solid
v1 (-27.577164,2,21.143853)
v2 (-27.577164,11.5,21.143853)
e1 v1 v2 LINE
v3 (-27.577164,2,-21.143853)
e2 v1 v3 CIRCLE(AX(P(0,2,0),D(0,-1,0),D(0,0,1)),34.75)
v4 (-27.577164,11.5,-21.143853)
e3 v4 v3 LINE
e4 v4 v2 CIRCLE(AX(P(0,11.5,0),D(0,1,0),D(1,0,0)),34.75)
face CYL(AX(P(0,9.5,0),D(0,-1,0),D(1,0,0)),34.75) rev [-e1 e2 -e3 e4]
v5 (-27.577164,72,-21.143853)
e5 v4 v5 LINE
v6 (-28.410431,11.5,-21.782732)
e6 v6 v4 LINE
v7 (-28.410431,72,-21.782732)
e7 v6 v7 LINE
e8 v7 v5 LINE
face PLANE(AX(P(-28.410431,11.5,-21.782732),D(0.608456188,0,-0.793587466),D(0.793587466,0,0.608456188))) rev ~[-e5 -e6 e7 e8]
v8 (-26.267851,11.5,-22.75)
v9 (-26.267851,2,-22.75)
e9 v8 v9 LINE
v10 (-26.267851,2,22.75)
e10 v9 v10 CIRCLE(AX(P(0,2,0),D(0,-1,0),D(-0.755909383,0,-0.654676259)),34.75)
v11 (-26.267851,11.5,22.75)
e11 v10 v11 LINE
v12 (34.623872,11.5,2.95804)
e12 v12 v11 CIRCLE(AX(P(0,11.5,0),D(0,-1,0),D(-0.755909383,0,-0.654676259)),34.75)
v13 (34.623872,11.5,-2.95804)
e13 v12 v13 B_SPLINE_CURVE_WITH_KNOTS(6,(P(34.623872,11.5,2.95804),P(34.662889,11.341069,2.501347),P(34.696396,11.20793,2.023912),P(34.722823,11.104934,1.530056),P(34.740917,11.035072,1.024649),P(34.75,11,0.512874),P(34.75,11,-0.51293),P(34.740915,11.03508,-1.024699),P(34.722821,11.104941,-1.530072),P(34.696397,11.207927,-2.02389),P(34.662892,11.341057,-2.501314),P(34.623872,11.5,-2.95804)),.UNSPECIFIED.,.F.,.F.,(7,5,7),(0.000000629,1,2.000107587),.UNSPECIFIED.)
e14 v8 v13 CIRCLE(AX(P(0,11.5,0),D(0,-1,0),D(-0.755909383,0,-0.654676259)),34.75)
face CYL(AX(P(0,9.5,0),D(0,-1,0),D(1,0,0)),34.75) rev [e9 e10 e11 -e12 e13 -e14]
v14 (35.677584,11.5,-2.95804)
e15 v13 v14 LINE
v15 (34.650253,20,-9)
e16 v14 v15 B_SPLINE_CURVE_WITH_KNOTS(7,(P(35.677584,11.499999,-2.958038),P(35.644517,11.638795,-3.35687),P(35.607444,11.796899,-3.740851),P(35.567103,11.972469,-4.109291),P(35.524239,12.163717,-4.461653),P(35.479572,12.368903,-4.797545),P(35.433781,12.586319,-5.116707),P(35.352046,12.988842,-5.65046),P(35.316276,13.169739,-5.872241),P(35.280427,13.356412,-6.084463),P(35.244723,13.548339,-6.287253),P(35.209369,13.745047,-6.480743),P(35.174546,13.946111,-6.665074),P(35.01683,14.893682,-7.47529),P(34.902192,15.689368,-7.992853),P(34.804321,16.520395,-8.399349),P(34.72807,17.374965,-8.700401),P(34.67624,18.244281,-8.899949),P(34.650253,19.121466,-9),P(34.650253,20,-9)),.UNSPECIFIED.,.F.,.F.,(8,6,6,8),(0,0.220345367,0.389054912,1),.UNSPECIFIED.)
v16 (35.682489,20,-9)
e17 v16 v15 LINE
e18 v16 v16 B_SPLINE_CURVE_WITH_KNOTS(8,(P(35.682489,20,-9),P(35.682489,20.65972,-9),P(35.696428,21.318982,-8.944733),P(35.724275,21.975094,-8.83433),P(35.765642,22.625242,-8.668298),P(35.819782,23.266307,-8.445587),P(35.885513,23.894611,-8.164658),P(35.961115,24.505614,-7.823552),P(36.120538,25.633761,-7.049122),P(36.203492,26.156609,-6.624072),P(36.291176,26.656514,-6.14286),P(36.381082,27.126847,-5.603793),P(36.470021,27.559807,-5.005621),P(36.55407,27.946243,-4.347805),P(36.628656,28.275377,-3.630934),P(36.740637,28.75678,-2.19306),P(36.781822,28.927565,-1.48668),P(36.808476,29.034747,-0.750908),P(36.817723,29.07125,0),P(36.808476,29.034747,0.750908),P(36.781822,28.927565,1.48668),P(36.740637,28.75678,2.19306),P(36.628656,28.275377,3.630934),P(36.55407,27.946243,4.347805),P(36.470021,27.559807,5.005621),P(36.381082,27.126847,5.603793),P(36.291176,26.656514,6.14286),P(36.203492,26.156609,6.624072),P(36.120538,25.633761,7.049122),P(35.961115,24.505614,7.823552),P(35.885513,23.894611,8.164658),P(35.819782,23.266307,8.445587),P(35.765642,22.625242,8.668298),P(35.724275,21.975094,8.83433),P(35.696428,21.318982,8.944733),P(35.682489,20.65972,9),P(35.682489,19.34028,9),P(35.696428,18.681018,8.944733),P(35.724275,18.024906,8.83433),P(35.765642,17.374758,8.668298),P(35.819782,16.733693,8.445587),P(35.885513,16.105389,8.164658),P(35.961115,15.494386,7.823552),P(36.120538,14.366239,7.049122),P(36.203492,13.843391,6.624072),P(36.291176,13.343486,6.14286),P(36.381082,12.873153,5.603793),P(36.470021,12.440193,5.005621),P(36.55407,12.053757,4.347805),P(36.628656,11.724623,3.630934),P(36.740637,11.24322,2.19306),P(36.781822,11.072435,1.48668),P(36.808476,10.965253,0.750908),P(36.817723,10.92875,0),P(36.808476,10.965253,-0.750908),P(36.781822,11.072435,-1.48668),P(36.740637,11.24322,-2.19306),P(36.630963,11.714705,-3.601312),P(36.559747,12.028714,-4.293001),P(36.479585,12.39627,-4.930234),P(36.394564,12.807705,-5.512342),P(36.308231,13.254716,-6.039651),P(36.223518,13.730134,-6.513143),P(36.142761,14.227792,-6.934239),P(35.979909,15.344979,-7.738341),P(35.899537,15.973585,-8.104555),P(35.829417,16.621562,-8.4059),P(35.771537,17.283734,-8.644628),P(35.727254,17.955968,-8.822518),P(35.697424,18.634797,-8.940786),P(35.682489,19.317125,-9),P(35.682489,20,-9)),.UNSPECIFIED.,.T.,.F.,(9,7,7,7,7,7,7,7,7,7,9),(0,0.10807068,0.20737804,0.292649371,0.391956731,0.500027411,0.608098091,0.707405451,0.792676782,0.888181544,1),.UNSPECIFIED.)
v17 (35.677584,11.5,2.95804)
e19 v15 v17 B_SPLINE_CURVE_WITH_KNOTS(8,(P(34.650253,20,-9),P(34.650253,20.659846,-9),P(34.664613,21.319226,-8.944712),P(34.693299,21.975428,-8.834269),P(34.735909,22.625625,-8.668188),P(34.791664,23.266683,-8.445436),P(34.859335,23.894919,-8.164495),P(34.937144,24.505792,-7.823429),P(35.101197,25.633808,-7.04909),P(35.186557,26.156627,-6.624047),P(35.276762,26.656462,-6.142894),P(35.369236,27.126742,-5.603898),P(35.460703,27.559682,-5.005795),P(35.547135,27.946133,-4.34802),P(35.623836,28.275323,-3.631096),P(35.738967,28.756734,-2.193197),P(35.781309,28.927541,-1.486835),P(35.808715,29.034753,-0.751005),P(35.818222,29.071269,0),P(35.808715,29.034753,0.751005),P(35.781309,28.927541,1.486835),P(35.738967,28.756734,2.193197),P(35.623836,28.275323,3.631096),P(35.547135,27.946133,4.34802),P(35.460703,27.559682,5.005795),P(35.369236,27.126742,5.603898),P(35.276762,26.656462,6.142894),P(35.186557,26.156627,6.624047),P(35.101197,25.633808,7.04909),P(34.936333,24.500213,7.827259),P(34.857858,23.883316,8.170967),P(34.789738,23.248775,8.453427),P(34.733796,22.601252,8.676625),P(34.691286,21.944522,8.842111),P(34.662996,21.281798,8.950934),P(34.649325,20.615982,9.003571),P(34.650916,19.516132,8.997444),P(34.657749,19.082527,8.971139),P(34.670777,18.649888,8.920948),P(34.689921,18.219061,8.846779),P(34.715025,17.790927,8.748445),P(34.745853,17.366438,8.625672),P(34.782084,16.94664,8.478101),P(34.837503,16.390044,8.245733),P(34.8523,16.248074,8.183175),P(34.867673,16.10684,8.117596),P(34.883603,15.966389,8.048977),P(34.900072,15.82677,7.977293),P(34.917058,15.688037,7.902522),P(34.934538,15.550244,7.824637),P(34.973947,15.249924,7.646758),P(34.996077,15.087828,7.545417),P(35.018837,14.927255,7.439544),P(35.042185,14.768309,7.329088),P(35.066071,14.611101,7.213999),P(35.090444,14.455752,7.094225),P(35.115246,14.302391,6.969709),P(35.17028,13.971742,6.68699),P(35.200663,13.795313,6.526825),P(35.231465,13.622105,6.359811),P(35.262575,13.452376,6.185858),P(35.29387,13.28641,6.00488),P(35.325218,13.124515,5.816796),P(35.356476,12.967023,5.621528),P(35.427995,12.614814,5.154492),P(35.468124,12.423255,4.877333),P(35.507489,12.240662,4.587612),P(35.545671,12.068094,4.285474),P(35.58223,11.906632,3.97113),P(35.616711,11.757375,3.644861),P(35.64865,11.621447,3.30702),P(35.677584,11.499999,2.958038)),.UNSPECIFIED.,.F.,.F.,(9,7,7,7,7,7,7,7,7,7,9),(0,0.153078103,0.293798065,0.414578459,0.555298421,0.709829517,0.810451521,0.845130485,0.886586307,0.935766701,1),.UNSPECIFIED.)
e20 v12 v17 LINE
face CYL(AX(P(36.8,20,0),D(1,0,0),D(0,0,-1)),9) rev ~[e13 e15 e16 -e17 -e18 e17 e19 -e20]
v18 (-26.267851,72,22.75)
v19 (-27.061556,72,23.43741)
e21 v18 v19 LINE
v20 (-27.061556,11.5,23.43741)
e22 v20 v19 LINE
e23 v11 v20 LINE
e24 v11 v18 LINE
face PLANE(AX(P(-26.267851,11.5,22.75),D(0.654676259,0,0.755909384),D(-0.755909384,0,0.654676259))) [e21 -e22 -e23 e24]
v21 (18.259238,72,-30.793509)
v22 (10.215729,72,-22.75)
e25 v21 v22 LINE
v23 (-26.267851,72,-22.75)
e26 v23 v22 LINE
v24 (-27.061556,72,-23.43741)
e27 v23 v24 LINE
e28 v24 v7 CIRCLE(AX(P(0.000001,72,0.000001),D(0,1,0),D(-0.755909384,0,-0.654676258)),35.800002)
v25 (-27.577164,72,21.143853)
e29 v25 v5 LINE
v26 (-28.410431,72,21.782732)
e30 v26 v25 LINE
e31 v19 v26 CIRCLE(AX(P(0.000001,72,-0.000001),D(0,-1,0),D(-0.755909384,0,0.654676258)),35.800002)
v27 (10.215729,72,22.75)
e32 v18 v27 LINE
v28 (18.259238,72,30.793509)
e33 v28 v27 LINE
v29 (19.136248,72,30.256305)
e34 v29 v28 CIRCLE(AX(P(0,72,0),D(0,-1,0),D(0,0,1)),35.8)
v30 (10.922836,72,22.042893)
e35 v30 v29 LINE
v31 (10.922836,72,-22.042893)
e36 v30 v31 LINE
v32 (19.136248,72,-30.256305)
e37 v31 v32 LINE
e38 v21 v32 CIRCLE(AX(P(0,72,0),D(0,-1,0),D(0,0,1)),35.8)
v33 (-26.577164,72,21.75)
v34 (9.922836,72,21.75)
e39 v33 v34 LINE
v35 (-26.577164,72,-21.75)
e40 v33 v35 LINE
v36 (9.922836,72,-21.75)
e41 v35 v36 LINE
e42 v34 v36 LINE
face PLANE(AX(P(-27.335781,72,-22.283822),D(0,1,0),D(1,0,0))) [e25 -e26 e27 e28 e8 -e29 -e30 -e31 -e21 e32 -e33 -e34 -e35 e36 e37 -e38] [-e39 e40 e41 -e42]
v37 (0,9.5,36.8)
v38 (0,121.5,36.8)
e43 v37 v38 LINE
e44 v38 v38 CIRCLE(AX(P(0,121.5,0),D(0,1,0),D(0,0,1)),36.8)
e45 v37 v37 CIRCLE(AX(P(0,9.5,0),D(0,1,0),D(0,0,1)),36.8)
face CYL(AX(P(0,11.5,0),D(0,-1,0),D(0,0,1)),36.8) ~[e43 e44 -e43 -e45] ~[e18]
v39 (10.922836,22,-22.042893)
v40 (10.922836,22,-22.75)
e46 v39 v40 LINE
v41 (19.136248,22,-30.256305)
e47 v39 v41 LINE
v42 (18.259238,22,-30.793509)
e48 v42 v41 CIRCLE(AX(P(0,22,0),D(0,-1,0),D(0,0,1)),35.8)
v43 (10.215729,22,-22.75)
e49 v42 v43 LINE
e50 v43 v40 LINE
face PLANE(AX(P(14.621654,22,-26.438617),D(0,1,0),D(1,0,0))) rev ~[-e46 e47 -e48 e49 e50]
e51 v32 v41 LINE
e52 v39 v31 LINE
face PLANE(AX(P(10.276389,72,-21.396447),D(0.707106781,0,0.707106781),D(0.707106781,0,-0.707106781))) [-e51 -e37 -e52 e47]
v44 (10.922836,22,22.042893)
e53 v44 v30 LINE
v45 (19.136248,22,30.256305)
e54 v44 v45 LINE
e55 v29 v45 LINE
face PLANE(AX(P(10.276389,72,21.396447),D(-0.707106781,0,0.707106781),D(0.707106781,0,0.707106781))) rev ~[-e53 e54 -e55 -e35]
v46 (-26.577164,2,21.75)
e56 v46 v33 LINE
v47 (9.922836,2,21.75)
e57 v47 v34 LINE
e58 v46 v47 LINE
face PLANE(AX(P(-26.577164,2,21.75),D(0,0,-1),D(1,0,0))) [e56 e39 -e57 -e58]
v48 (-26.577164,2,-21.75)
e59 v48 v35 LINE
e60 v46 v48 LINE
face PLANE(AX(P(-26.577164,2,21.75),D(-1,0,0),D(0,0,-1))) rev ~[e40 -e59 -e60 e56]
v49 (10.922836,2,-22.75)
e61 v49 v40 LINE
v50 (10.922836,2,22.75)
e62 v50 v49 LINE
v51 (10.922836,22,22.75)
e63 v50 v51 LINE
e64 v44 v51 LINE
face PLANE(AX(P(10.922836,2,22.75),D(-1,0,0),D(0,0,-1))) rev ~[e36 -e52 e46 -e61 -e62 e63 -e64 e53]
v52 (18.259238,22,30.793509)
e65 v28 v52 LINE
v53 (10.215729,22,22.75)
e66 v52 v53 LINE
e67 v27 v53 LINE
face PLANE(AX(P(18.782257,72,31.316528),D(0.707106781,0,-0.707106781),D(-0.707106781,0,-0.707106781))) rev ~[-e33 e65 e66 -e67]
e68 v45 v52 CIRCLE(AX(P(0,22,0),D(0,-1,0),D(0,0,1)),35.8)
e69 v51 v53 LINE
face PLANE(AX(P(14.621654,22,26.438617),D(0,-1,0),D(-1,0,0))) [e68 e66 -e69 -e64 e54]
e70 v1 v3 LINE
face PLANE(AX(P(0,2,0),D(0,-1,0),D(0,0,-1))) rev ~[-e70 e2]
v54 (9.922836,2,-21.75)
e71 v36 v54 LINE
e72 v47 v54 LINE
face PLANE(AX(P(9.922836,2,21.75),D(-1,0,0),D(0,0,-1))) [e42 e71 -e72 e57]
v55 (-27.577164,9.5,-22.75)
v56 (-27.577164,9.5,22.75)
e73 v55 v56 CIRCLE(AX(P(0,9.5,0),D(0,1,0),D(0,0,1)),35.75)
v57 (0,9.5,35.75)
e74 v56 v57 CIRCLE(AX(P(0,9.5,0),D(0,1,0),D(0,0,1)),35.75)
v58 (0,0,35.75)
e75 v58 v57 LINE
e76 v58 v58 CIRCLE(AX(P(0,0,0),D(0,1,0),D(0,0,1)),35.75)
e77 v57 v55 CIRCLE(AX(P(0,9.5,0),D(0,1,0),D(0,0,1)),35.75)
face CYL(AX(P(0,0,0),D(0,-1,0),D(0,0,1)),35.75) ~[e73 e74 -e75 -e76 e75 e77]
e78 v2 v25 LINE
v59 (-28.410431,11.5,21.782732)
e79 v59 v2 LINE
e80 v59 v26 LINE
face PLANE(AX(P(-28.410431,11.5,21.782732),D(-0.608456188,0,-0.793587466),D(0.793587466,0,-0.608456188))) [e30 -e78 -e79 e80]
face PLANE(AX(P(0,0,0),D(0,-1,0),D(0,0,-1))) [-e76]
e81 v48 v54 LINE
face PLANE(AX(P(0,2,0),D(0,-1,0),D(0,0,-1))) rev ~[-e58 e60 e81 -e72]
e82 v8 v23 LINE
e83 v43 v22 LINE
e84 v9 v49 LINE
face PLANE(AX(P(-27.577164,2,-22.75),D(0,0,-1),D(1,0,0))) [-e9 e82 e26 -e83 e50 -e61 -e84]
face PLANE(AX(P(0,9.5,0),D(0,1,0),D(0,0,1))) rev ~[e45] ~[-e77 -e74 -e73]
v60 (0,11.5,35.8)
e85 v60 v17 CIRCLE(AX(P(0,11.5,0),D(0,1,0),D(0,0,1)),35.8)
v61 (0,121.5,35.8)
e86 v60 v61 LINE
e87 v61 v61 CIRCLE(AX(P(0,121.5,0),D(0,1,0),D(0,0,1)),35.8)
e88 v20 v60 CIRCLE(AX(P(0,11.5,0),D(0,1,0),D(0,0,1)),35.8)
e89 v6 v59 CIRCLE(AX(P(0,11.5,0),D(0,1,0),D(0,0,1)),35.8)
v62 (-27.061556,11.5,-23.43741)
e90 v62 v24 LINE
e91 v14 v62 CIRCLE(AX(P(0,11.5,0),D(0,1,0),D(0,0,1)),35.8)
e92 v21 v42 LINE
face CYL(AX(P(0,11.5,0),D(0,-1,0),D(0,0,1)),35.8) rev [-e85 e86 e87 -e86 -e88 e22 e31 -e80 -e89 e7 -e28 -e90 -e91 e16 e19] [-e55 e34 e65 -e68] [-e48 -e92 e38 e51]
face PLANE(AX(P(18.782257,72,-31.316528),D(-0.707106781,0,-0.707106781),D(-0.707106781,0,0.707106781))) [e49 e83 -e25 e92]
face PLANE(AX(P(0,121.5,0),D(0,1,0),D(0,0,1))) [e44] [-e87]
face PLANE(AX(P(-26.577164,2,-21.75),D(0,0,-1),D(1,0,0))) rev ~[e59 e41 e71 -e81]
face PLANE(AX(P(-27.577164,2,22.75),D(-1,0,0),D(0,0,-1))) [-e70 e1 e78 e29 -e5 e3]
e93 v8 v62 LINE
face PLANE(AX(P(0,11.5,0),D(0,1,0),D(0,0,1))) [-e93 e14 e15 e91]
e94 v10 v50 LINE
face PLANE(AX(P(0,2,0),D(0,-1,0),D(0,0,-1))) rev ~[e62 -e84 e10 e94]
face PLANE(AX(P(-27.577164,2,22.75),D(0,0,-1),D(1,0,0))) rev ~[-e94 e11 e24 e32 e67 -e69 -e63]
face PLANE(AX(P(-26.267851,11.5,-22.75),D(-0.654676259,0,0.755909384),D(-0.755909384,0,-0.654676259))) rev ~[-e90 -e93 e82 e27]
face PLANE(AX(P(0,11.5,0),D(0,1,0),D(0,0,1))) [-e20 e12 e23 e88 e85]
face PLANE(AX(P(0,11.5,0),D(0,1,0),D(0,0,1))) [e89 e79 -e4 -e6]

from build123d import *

# Parameters (mm, degrees)
SKETCH1_R           = 35.75
SKETCH1_R_2         = 34.75
BOSS_EXTRUDE1_DEPTH = 9.5
SKETCH3_R           = 34.75
BOSS_EXTRUDE2_DEPTH = 2
SKETCH4_W           = 38.5
SKETCH4_H           = 45.5
SKETCH4_W_2         = 36.5
SKETCH4_H_2         = 43.5
BOSS_EXTRUDE3_DEPTH = 70
SKETCH2_R           = 36.8
SKETCH2_R_2         = 34.75
BOSS_EXTRUDE4_DEPTH = 2
SKETCH5_R           = 36.8
SKETCH5_R_2         = 35.8
BOSS_EXTRUDE5_DEPTH = 110
BOSS_EXTRUDE6_START = -60.5
BOSS_EXTRUDE6_DEPTH = 60.5
SKETCH7_R           = 9
CUT_EXTRUDE1_DEPTH  = 5
BOSS_EXTRUDE7_DEPTH = 50


with BuildPart() as part:
    # Sketch1 → Boss-Extrude1 (new body)
    with BuildSketch(Plane(origin=(0, 0, 0), x_dir=(1, 0, 0), z_dir=(0, 1, 0))):
        with Locations(Location((0, 0, 0), (0, 0, 270))):
            Circle(SKETCH1_R)
        with Locations(Location((0, 0, 0), (0, 0, 270))):
            Circle(SKETCH1_R_2, mode=Mode.SUBTRACT)
    extrude(amount=BOSS_EXTRUDE1_DEPTH)

    # Sketch3 → Boss-Extrude2 (add)
    with BuildSketch(Plane.XZ):
        with Locations(Location((0, 0, 0), (0, 0, 270))):
            Circle(SKETCH3_R)
    extrude(amount=-BOSS_EXTRUDE2_DEPTH)

    # Sketch4 → Boss-Extrude3 (add)
    with BuildSketch(Plane(origin=(0, 2, 0), x_dir=(1, 0, 0), z_dir=(0, 1, 0))):
        with Locations((-8.327164466, 0)):
            Rectangle(SKETCH4_W, SKETCH4_H)
        with Locations((-8.327164466, 0)):
            Rectangle(SKETCH4_W_2, SKETCH4_H_2, mode=Mode.SUBTRACT)
    extrude(amount=BOSS_EXTRUDE3_DEPTH)

    # Sketch2 → Boss-Extrude4 (add)
    with BuildSketch(Plane(origin=(0, 9.5, 0), x_dir=(1, 0, 0), z_dir=(0, 1, 0))):
        with Locations(Location((0, 0, 0), (0, 0, 270))):
            Circle(SKETCH2_R)
        Circle(SKETCH2_R_2, mode=Mode.SUBTRACT)
    extrude(amount=BOSS_EXTRUDE4_DEPTH)

    # Sketch5 → Boss-Extrude5 (add)
    with BuildSketch(Plane(origin=(0, 11.5, 0), x_dir=(1, 0, 0), z_dir=(0, 1, 0))):
        with Locations(Location((0, 0, 0), (0, 0, 270))):
            Circle(SKETCH5_R)
        with Locations(Location((0, 0, 0), (0, 0, 270))):
            Circle(SKETCH5_R_2, mode=Mode.SUBTRACT)
    extrude(amount=BOSS_EXTRUDE5_DEPTH)

    # Sketch6 → Boss-Extrude6 (add)
    with BuildSketch(Plane(origin=(0, 72, 0), x_dir=(1, 0, 0), z_dir=(0, 1, 0)).offset(BOSS_EXTRUDE6_START)):
        with BuildLine():
            Line((-26.267851073, 22.75), (-27.061555926, 23.437410072))
            ThreePointArc((-27.061555926, 23.437410072), (-27.748330258, 22.620127494), (-28.410431306, 21.782731532))
            Line((-28.410431306, 21.782731532), (-27.577164466, 21.143852534))
            Line((-27.577164466, 21.143852534), (-26.267851073, 22.75))
        make_face()
        with BuildLine():
            Line((-26.267851073, -22.75), (-27.061555926, -23.437410072))
            ThreePointArc((-27.061555926, -23.437410072), (-27.748330258, -22.620127494), (-28.410431306, -21.782731532))
            Line((-28.410431306, -21.782731532), (-27.577164466, -21.143852534))
            Line((-27.577164466, -21.143852534), (-26.267851073, -22.75))
        make_face()
    extrude(amount=BOSS_EXTRUDE6_DEPTH)

    # Sketch7 → Cut-Extrude1 (cut)
    with BuildSketch(Plane(origin=(36.8, 0, 0), x_dir=(0, 0, -1), z_dir=(1, 0, 0))):
        with Locations((0, 20)):
            Circle(SKETCH7_R)
    extrude(amount=-CUT_EXTRUDE1_DEPTH, mode=Mode.SUBTRACT)

    # Sketch8 → Boss-Extrude7 (add)
    with BuildSketch(Plane(origin=(0, 72, 0), x_dir=(1, 0, 0), z_dir=(0, 1, 0))):
        Polygon((10.276388924, 21.396446609), (19.780640943, 30.900698628), (18.782256531, 31.316527778), (9.569282143, 22.103553391), align=None)
        Polygon((9.569282143, -22.103553391), (10.276388924, -21.396446609), (19.780640943, -30.900698628), (18.782256531, -31.316527778), align=None)
    extrude(amount=-BOSS_EXTRUDE7_DEPTH)


solid = part.part
